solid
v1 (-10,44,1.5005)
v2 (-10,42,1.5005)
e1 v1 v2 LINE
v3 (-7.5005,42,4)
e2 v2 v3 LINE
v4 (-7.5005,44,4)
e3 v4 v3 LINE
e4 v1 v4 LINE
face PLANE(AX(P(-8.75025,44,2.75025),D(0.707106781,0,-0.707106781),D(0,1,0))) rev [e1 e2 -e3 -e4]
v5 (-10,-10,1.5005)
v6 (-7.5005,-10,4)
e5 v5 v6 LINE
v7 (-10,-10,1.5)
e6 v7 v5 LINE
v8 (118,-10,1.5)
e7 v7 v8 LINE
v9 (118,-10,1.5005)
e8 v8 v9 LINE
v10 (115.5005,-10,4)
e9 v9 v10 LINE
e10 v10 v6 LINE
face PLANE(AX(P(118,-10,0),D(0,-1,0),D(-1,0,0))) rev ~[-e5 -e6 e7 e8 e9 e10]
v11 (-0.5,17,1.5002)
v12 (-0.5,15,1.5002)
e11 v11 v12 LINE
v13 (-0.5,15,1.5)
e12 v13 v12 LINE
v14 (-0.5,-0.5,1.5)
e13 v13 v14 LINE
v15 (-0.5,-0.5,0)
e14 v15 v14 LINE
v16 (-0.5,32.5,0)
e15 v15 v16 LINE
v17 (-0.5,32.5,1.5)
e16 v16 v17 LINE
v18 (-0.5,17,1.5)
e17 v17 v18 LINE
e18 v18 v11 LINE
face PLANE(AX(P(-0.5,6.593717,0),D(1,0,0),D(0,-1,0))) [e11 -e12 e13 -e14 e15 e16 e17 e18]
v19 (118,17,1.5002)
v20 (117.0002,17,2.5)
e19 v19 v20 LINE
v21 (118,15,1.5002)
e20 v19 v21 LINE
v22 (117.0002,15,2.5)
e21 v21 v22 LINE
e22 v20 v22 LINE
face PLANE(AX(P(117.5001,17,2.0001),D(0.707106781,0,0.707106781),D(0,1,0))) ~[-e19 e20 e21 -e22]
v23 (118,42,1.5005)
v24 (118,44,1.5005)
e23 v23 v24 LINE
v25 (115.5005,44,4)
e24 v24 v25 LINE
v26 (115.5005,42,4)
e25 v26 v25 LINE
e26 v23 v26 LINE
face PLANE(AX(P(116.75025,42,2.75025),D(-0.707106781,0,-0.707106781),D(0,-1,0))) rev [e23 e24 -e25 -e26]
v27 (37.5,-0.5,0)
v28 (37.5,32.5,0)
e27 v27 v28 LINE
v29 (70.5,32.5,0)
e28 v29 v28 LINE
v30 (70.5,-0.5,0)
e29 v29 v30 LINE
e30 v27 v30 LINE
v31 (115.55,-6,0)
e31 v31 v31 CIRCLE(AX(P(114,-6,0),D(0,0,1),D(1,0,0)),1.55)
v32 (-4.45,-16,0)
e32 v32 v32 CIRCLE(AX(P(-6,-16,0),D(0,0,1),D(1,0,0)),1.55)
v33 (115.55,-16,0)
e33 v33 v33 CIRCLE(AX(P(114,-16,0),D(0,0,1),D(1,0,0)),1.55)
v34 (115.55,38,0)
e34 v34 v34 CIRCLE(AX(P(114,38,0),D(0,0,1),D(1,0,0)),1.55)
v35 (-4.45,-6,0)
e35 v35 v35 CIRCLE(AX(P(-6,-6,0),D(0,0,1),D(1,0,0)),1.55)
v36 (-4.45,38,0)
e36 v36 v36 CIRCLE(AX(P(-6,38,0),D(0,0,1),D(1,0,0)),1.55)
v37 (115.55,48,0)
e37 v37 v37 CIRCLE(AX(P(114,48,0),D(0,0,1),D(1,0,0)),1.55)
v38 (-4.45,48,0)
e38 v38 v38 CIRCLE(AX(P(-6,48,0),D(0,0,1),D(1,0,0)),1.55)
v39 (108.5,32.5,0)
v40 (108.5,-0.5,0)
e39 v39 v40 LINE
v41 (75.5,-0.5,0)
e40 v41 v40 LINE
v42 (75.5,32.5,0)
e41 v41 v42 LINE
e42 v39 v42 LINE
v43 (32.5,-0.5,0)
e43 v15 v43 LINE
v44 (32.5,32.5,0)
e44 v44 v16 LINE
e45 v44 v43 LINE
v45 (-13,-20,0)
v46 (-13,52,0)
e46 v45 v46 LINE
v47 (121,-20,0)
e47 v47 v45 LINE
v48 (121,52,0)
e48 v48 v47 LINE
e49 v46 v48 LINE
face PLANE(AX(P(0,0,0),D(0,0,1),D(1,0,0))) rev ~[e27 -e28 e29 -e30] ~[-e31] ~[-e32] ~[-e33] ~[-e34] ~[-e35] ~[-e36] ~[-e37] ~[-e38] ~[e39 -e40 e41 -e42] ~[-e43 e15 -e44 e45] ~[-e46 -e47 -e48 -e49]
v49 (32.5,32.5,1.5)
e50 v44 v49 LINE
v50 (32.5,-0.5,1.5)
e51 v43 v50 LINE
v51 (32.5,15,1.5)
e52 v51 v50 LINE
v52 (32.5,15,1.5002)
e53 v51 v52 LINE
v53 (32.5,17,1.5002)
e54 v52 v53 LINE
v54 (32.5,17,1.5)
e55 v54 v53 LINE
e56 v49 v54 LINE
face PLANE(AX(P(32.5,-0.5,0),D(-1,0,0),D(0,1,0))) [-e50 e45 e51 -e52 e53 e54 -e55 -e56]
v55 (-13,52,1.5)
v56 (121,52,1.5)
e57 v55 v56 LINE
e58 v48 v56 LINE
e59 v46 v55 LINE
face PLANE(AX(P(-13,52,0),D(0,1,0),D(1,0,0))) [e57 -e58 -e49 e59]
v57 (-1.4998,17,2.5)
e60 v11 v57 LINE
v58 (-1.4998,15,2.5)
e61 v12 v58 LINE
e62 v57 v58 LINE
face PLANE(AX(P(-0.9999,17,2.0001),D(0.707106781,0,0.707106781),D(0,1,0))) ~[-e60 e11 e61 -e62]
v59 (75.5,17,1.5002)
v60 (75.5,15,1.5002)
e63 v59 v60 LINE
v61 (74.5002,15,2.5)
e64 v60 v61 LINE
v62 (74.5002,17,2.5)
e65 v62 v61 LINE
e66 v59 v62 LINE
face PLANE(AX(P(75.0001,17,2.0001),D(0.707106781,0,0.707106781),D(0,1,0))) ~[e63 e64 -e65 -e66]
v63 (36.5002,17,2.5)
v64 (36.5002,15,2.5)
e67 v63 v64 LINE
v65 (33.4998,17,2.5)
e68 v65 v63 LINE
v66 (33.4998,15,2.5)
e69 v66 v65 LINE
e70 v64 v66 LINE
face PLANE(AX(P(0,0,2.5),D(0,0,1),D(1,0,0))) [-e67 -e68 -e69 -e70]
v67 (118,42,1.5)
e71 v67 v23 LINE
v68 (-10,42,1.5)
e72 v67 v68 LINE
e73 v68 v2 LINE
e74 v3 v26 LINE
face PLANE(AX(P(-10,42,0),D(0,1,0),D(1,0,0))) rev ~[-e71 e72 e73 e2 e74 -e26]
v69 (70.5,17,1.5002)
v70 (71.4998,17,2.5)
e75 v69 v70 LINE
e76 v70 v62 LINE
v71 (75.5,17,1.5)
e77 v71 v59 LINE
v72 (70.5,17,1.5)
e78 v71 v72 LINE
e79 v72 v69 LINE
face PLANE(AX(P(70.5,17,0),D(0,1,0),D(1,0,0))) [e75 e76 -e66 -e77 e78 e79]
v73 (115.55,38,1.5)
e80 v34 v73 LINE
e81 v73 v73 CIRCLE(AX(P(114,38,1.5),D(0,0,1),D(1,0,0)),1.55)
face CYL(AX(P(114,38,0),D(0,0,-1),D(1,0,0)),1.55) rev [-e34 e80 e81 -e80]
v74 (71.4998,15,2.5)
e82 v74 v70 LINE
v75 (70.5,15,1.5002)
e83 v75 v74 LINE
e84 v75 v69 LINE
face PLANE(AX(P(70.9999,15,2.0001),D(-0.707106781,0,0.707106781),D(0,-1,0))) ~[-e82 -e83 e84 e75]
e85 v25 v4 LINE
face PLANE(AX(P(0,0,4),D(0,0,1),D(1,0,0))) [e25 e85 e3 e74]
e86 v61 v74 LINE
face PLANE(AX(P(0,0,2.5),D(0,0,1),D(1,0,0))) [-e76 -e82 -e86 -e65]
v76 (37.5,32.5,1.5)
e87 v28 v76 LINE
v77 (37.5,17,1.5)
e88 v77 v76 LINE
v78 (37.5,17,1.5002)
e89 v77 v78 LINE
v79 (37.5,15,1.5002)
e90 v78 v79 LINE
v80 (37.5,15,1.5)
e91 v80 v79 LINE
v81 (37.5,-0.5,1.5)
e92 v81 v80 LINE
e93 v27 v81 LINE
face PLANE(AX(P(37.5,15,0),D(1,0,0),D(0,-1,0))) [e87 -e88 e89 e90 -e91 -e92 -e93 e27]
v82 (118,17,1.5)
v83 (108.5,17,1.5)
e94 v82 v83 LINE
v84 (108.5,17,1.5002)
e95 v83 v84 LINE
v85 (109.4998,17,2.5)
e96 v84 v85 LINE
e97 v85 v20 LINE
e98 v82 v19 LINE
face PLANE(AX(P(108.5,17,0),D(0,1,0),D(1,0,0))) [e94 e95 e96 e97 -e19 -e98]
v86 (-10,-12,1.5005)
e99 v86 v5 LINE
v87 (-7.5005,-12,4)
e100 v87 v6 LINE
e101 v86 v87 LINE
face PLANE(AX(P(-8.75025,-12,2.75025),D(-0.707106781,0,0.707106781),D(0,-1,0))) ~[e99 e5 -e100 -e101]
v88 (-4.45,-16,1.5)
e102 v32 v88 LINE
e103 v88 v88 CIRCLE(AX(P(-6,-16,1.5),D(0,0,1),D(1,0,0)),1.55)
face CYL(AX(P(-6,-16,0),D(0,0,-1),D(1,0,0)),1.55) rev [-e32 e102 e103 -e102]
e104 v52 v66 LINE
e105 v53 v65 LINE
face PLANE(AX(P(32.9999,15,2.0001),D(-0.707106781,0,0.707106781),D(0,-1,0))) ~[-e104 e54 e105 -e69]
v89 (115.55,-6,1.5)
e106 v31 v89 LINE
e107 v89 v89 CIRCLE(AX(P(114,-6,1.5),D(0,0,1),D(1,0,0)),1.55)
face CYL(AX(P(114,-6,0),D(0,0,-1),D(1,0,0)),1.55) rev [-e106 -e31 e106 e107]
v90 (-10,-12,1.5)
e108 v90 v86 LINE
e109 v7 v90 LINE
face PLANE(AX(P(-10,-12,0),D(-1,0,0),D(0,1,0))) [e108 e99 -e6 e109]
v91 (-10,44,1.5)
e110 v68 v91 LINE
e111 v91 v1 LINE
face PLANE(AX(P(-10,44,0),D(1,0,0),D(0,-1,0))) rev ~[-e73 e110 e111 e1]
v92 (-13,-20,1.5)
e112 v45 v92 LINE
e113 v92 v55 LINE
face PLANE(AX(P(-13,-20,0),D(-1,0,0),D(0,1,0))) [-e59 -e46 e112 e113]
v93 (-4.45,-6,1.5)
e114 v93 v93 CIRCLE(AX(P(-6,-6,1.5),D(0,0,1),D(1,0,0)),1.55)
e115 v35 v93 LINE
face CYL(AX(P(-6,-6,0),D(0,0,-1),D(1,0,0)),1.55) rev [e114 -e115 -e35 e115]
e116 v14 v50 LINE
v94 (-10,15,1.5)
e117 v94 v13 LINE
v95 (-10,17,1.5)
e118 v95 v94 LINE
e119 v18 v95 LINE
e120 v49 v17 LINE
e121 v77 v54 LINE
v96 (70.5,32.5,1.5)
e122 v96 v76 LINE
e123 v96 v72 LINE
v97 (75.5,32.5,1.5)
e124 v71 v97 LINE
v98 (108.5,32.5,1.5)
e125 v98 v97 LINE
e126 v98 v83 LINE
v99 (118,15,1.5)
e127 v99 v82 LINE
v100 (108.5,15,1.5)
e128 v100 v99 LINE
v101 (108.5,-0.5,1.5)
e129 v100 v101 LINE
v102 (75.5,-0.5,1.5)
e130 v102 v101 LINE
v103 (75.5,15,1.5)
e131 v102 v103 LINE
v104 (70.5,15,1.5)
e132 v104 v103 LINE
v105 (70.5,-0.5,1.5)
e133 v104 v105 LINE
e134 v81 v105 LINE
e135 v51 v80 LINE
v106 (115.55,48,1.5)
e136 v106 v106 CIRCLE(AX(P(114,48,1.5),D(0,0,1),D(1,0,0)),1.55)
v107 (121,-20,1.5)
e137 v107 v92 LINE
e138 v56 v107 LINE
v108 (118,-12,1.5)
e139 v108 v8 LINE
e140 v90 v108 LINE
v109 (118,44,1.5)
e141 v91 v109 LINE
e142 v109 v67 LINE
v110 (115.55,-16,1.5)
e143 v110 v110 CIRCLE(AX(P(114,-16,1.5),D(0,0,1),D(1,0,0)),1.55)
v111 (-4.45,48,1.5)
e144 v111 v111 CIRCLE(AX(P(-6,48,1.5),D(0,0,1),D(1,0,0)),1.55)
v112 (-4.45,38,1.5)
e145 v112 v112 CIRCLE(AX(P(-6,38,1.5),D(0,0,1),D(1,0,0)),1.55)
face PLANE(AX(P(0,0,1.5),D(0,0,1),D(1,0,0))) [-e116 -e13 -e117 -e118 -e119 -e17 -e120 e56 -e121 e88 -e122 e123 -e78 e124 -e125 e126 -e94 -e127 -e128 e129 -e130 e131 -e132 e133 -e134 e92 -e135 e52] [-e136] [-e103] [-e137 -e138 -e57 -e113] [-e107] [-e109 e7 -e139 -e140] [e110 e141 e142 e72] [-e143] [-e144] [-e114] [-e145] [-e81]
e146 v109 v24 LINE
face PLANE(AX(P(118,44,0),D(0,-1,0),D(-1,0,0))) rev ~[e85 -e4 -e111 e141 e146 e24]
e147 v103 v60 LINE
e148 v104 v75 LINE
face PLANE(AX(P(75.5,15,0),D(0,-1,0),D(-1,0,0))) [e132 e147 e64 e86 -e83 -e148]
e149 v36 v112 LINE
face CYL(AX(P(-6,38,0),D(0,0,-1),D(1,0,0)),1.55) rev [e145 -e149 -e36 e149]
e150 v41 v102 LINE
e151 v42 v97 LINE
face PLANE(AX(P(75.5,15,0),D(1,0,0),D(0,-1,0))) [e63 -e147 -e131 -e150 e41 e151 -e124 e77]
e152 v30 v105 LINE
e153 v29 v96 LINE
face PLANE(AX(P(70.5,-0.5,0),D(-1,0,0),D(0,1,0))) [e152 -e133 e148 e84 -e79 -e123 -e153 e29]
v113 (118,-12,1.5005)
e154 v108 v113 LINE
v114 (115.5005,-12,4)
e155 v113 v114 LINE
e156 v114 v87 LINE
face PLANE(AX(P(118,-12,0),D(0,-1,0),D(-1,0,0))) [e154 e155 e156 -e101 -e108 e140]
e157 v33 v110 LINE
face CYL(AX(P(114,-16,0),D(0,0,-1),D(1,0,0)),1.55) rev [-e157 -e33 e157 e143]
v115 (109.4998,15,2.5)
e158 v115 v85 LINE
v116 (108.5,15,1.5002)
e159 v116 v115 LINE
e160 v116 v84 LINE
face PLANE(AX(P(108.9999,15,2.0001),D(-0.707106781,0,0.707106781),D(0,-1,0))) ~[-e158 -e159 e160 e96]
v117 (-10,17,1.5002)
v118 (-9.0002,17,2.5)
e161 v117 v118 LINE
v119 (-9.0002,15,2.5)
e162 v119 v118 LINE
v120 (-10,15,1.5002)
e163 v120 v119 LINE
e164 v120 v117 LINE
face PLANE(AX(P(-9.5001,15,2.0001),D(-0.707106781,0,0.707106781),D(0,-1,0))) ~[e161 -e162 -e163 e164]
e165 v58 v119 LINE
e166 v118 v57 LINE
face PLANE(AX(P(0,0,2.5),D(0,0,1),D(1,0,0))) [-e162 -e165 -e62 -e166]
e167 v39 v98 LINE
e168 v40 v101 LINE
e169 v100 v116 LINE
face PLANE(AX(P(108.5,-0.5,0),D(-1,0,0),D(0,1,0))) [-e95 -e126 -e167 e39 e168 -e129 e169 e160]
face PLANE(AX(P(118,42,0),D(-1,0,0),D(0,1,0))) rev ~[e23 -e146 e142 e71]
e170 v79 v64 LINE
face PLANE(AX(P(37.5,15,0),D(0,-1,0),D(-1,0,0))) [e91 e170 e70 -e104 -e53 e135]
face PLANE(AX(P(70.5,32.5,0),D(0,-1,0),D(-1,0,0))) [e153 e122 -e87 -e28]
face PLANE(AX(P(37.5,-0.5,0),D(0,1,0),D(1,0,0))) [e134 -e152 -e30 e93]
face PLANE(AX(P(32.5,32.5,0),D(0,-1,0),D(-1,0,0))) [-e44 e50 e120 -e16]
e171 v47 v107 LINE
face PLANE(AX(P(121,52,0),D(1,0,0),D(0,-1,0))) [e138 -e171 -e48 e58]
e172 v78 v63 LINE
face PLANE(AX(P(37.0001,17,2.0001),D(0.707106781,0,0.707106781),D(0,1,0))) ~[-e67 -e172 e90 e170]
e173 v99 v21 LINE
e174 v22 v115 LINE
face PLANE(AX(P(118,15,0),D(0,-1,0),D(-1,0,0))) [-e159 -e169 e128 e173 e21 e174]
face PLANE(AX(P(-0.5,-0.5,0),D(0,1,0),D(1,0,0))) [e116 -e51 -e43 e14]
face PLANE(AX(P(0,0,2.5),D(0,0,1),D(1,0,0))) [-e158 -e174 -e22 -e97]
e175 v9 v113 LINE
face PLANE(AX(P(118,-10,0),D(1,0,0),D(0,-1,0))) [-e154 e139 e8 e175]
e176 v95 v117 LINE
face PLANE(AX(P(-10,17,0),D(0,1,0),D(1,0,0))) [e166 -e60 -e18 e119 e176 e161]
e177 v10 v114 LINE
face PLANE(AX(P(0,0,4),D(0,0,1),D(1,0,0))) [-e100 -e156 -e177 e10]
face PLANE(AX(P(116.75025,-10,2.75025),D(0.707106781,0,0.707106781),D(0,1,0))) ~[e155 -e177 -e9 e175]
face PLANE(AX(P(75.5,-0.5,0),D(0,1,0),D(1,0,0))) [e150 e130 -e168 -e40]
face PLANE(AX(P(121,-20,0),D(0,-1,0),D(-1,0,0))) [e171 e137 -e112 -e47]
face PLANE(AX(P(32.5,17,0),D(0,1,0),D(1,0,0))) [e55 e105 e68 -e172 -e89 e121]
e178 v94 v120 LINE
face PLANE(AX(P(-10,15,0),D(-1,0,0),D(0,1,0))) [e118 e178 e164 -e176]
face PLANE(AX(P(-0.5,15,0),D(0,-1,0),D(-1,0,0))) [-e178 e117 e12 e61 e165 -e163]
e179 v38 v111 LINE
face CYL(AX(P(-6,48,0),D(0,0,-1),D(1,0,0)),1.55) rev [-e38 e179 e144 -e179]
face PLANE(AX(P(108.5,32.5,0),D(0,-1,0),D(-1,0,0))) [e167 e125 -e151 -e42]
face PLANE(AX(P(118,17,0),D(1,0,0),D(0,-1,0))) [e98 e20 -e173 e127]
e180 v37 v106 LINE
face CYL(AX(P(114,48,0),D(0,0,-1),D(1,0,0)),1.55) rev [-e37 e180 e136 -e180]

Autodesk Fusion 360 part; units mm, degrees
sketch "Sketch3" plane through (0, 0, 0) normal (0, 0, 1) x (1, 0, 0)
  line L0 (0, 0) -> (32, 0)
  line L1 (32, 0) -> (32, 32)
  line L2 (32, 32) -> (0, 32)
  line L3 (0, 32) -> (0, 0)
  line L4 (-0.5, 32.5) -> (-0.5, -0.5)
  line L5 (-0.5, -0.5) -> (32.5, -0.5)
  line L6 (32.5, -0.5) -> (32.5, 32.5)
  line L7 (32.5, 32.5) -> (-0.5, 32.5)
  line L8 (70, 32) -> (38, 32)
  line L9 (38, 32) -> (38, 0)
  line L10 (37.5, -0.5) -> (70.5, -0.5)
  line L11 (70.5, 32.5) -> (37.5, 32.5)
  line L12 (70, 0) -> (70, 32)
  line L13 (70.5, -0.5) -> (70.5, 32.5)
  line L14 (38, 0) -> (70, 0)
  line L15 (37.5, 32.5) -> (37.5, -0.5)
  line L16 (108, 32) -> (76, 32)
  line L17 (76, 32) -> (76, 0)
  line L18 (75.5, -0.5) -> (108.5, -0.5)
  line L19 (108.5, 32.5) -> (75.5, 32.5)
  line L20 (108, 0) -> (108, 32)
  line L21 (108.5, -0.5) -> (108.5, 32.5)
  line L22 (76, 0) -> (108, 0)
  line L23 (75.5, 32.5) -> (75.5, -0.5)
  line L24 (38, 32) -> (70, 0)
  line L25 (70, 32) -> (38, 0)
  line L26 (118, -10) -> (-10, -10)
  line L27 (-10, -10) -> (-10, 42)
  line L28 (-10, 42) -> (118, 42)
  line L29 (118, 42) -> (118, -10)
  line L30 (118, -10) -> (-10, 42) construction
  line L31 (-10, -10) -> (118, 42) construction
  circle A0 centre (3, 26) radius 2.05
  circle A1 centre (3, 26) radius 3.55
  circle A2 centre (29, 26) radius 3.55
  circle A3 centre (29, 26) radius 2.05
  circle A4 centre (29, 6) radius 2.05
  circle A5 centre (29, 6) radius 3.55
  circle A6 centre (3, 6) radius 2.05
  circle A7 centre (3, 6) radius 3.55
  circle A8 centre (67, 6) radius 2.05
  circle A9 centre (67, 6) radius 3.55
  circle A10 centre (41, 6) radius 2.05
  circle A11 centre (41, 6) radius 3.55
  circle A12 centre (67, 26) radius 2.05
  circle A13 centre (67, 26) radius 3.55
  circle A14 centre (41, 26) radius 2.05
  circle A15 centre (41, 26) radius 3.55
  circle A16 centre (105, 6) radius 2.05
  circle A17 centre (105, 6) radius 3.55
  circle A18 centre (79, 6) radius 2.05
  circle A19 centre (79, 6) radius 3.55
  circle A20 centre (105, 26) radius 2.05
  circle A21 centre (105, 26) radius 3.55
  circle A22 centre (79, 26) radius 2.05
  circle A23 centre (79, 26) radius 3.55
  line L32 (3, 22.45) -> (-0.5, 22.45)
  line L33 (-0.5, 22.45) -> (-0.5, 9.55)
  line L34 (-0.5, 9.55) -> (3, 9.55)
  line L35 (3, 9.55) -> (3, 22.45)
  line L36 (41, 22.45) -> (37.5, 22.45)
  line L37 (41, 9.55) -> (41, 22.45)
  line L38 (37.5, 9.55) -> (41, 9.55)
  line L39 (37.5, 22.45) -> (37.5, 9.55)
  line L40 (79, 22.45) -> (75.5, 22.45)
  line L41 (79, 9.55) -> (79, 22.45)
  line L42 (75.5, 9.55) -> (79, 9.55)
  line L43 (75.5, 22.45) -> (75.5, 9.55)
  circle A24 centre (-6, 38) radius 1.55
  circle A25 centre (-6, 38) radius 3.05
  circle A26 centre (54, 38) radius 1.55
  circle A27 centre (54, 38) radius 3.05
  circle A28 centre (114, 38) radius 1.55
  circle A29 centre (114, 38) radius 3.05
  circle A30 centre (-6, -6) radius 1.55
  circle A31 centre (-6, -6) radius 3.05
  circle A32 centre (54, -6) radius 1.55
  circle A33 centre (54, -6) radius 3.05
  circle A34 centre (114, -6) radius 1.55
  circle A35 centre (114, -6) radius 3.05
  line L44 (121, -20) -> (-13, -20)
  line L45 (-13, -20) -> (-13, 52)
  line L46 (-13, 52) -> (121, 52)
  line L47 (121, 52) -> (121, -20)
  line L48 (121, -20) -> (-13, 52) construction
  line L49 (-13, -20) -> (121, 52) construction
  circle A36 centre (-6, 48) radius 1.55
  circle A37 centre (114, 48) radius 1.55
  circle A38 centre (114, -16) radius 1.55
  circle A39 centre (-6, -16) radius 1.55
  line L50 (118, 15) -> (-10, 15)
  line L51 (-10, 15) -> (-10, 17)
  line L52 (-10, 17) -> (118, 17)
  line L53 (118, 17) -> (118, 15)
  line L54 (118, 15) -> (-10, 17) construction
  line L55 (-10, 15) -> (118, 17) construction
  line L56 (-10, -10) -> (118, -10)
  line L57 (118, -10) -> (118, -12)
  line L58 (118, -12) -> (-10, -12)
  line L59 (-10, -12) -> (-10, -10)
  line L60 (-10, 42) -> (118, 42)
  line L61 (118, 42) -> (118, 44)
  line L62 (118, 44) -> (-10, 44)
  line L63 (-10, 44) -> (-10, 42)
  point P0 (38, 0)
  point P1 (76, 0)
  point P2 (54, 16)
  point P3 (54, 16)
  point P4 (54, 16)
  dimension "d57" = 32
  dimension "d58" = 32
  dimension "d59" = 0.5
  dimension "d62" = 76
  dimension "d63" = 0
  dimension "d66" = 10
  dimension "d67" = 10
  dimension "d68" = 4.1
  dimension "d69" = 3
  dimension "d70" = 6
  dimension "d71" = 7.1
  dimension "d74" = 26
  dimension "d75" = 0
  dimension "d78" = 0
  dimension "d79" = -20
  dimension "d82" = 76
  dimension "d83" = 0
  dimension "d84" = 3.5
  dimension "d85" = 12.9
  dimension "d86" = 9.55
  dimension "d89" = 76
  dimension "d90" = 0
  dimension "d95" = 4
  dimension "d96" = 4
  dimension "d97" = 3.1
  dimension "d98" = 6.1
  dimension "d101" = 120
  dimension "d102" = 0
  dimension "d105" = 0
  dimension "d106" = -44
  dimension "d114" = 134
  dimension "d115" = 72
  dimension "d116" = 3.1
  dimension "d117" = 7
  dimension "d118" = 4
  dimension "d121" = 120
  dimension "d122" = 0
  dimension "d125" = 0
  dimension "d126" = -64
  dimension "d127" = 128
  dimension "d128" = 2
  dimension "d134" = 2
  dimension "d135" = 2
extrude "Extrude4" add sketch "Sketch3" along normal blind 1.5 contours L4 A7 | L4 L5 L6 L10 L13 L15 L18 L21 L23 L26 L27 L29 A5 A7 A9 A11 A17 A19 L33 L39 L43 L50 L56 | L6 A5 | L6 L15 L39 L50 L52 | L4 L27 L33 L50 L51 L52 | L4 L6 L7 L11 L13 L15 L19 L21 L23 L27 L28 L29 A1 A2 A13 A15 A21 A23 L33 L39 L43 L52 L60 | L6 A2 | L26 L56 L57 L58 L59 | L15 A11 | L4 A1 | L28 L60 L61 L62 L63 | L15 A15 | L21 L29 L50 L52 L53 | L21 A17 | L13 A9 | L13 L23 L43 L50 L52 | L21 A21 | L13 A13 | L23 A19 | L23 A23 | A25 | A26 | A27 | A29 | A31 | A32 | A33 | A35 | L44 L45 L46 L47
extrude "Extrude6" add sketch "Sketch3" along normal blind 4 contours L26 L56 L57 L58 L59 | L28 L60 L61 L62 L63
chamfer "Chamfer2" distance 2.5 angle 45 4 edges at (118, 43, 4) (118, -11, 4) (-10, -11, 4) (-10, 43, 4)
extrude "Extrude5" add sketch "Sketch3" along normal blind 2.5 contours L6 L15 L39 L50 L52 | L4 L27 L33 L50 L51 L52 | L21 L29 L50 L52 L53 | L13 L23 L43 L50 L52
chamfer "Chamfer1" distance 1 angle 45 8 edges at (118, 16, 2.5) (108.5, 16, 2.5) (75.5, 16, 2.5) (70.5, 16, 2.5) (37.5, 16, 2.5) (32.5, 16, 2.5) (-0.5, 16, 2.5) (-10, 16, 2.5)
equation "d71 = d68 + 3 mm"
equation "d98 = d97 + 3 mm"
equation "d115 = 52 mm + 20 mm"
equation "d116 = d97"
